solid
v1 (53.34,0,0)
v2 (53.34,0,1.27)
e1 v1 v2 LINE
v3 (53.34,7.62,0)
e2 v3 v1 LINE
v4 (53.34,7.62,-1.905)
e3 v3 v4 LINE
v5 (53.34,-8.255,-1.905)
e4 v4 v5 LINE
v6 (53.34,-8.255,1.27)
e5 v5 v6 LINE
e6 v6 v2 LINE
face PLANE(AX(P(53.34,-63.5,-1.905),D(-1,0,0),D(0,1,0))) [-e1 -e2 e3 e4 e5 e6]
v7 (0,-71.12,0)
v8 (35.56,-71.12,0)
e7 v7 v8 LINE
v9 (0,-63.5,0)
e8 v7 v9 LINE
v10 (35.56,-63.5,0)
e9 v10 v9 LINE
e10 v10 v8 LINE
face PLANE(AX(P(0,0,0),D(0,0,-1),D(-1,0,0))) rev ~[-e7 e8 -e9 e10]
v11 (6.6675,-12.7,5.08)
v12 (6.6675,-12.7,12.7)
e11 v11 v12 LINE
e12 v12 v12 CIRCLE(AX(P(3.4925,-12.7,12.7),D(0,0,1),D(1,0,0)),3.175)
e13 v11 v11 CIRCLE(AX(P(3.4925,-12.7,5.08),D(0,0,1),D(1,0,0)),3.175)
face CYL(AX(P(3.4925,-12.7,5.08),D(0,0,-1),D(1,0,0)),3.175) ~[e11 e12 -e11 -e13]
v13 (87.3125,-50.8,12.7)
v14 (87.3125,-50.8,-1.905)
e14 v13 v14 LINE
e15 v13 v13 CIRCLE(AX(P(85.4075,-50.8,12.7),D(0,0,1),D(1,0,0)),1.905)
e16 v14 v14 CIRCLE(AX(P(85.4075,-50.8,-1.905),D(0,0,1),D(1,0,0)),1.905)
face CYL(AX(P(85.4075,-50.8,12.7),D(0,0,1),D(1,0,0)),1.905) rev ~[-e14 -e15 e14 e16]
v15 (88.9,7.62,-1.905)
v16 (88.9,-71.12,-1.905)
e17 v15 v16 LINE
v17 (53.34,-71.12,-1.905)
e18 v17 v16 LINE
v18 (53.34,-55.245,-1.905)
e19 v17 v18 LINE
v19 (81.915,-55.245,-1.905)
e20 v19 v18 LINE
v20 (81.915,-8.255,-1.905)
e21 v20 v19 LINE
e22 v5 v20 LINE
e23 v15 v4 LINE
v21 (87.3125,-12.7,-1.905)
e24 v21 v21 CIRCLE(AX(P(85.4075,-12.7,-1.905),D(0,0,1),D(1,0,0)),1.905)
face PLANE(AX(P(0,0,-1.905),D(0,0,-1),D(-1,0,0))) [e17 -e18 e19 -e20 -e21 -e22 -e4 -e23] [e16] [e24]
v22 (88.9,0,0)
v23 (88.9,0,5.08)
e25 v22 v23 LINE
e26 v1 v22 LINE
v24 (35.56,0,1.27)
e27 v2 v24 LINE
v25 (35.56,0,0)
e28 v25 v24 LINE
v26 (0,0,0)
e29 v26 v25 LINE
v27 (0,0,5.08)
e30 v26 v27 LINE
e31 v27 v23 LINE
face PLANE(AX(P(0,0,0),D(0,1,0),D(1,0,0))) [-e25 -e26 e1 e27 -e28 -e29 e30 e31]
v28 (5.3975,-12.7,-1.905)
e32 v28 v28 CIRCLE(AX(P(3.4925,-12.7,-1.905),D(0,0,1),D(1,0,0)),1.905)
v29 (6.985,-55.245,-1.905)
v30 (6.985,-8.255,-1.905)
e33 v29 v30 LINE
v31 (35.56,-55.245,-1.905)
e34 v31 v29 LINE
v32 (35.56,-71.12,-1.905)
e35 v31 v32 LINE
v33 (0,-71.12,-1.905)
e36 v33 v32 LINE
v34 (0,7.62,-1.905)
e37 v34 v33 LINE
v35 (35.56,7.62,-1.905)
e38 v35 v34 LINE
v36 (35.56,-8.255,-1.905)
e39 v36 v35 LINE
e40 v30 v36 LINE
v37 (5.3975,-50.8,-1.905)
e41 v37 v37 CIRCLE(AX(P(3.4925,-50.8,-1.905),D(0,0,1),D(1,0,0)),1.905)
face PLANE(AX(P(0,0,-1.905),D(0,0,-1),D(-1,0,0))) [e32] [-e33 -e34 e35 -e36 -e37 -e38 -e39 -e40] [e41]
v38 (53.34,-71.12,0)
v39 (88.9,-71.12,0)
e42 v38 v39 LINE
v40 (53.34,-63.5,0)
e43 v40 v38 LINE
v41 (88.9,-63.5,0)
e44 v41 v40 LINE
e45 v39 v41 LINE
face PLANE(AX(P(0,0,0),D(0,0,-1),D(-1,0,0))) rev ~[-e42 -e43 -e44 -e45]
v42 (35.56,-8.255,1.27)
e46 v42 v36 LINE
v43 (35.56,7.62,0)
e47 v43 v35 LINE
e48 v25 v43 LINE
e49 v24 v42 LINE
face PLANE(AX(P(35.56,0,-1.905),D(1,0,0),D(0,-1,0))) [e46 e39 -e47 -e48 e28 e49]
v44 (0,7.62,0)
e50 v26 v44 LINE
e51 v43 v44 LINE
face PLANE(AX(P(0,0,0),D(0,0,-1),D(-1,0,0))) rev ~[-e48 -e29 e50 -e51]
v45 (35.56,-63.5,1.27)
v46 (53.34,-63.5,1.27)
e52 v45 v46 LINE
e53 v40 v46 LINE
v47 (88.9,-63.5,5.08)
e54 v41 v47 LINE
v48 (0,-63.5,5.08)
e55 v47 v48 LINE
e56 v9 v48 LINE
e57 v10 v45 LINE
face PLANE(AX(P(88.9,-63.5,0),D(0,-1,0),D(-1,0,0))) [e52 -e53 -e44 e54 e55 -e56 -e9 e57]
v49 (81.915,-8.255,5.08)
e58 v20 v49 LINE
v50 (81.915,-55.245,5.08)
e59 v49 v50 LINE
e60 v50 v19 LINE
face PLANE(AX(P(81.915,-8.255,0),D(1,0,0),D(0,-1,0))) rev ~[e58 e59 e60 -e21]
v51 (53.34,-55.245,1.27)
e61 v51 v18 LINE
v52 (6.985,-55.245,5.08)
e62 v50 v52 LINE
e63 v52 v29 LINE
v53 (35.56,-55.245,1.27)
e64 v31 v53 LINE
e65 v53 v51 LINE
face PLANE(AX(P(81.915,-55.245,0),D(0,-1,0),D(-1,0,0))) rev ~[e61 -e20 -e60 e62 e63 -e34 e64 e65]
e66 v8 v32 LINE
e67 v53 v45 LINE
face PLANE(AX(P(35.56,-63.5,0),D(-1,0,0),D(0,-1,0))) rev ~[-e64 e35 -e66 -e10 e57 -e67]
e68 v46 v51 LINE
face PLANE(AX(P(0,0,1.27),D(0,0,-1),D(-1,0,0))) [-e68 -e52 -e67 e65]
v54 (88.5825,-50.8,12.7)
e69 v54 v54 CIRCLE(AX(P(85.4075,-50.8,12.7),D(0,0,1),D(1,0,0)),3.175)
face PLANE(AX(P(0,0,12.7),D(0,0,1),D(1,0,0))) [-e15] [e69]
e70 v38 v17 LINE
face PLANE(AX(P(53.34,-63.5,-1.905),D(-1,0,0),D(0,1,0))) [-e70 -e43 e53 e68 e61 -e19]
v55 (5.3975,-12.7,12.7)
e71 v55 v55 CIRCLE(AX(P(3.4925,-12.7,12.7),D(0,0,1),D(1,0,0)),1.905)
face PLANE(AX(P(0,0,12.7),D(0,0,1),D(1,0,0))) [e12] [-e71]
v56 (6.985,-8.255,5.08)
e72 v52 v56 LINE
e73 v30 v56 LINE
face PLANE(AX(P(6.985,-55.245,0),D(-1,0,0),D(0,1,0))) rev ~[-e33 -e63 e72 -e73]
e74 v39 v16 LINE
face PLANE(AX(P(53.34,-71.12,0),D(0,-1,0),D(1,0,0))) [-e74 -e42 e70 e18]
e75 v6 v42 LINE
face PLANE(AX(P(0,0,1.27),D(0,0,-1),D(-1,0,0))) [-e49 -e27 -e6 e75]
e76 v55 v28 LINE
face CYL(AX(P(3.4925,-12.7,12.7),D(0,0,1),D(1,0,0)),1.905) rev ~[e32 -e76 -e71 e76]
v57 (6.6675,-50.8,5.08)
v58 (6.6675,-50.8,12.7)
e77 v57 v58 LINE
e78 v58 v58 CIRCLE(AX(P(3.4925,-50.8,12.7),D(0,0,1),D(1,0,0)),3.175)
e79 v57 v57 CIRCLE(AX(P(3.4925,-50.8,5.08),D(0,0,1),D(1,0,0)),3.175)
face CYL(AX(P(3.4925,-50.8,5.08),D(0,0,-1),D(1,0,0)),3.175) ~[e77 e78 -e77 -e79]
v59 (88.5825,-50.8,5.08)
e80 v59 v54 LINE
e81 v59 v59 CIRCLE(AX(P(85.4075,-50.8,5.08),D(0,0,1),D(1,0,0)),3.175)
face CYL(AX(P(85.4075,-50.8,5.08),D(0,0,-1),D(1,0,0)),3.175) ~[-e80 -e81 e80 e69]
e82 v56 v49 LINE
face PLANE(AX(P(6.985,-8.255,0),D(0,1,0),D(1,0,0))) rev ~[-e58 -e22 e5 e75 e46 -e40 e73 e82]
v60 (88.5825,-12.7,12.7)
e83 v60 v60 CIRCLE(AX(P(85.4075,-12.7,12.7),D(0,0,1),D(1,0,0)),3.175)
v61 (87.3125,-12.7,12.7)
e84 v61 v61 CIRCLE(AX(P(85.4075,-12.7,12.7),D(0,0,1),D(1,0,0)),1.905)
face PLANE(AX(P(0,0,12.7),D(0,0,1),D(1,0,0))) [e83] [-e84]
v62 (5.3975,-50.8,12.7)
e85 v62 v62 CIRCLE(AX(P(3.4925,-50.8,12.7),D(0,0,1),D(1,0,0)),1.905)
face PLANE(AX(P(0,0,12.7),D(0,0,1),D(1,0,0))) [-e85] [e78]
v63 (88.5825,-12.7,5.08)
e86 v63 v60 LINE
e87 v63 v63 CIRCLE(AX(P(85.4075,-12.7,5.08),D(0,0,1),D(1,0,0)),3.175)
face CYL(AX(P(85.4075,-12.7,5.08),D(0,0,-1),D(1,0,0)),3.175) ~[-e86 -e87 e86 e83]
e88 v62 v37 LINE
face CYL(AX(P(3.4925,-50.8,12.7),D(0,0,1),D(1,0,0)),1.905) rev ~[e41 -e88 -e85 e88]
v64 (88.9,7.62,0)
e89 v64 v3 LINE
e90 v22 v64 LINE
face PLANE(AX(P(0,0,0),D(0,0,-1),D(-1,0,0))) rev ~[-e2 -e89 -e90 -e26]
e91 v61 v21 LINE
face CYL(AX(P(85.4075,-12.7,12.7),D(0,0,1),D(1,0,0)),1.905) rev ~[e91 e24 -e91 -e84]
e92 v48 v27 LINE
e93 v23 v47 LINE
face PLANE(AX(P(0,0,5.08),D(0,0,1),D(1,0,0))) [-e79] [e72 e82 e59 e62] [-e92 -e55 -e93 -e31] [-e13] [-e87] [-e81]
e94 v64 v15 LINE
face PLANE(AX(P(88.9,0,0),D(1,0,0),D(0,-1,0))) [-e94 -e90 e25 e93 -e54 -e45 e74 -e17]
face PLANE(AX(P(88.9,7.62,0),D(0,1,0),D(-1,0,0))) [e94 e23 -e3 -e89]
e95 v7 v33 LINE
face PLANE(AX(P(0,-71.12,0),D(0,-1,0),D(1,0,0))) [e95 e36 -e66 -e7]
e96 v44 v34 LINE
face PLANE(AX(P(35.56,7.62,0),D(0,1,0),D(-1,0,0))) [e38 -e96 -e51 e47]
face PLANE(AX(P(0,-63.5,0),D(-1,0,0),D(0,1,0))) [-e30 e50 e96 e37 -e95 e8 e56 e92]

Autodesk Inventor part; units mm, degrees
ref_plane "YZ Plane" through (0, 0, 0) normal (1, 0, 0) x (0, 1, 0)
ref_plane "XZ Plane" through (0, 0, 0) normal (0, 1, 0) x (-1, 0, 0)
ref_plane "XY Plane" through (0, 0, 0) normal (0, 0, 1) x (1, 0, 0)
sketch "Sketch1" plane through (0, 0, 0) normal (0, 0, 1) x (1, 0, 0)
  line L0 (0, 0) -> (88.9, 0)
  line L1 (88.9, 0) -> (88.9, -63.5)
  line L2 (88.9, -63.5) -> (0, -63.5)
  line L3 (0, -63.5) -> (0, 0)
  line L4 (6.985, -8.255) -> (81.915, -8.255)
  line L5 (81.915, -8.255) -> (81.915, -55.245)
  line L6 (81.915, -55.245) -> (6.985, -55.245)
  line L7 (6.985, -55.245) -> (6.985, -8.255)
  dimension "d0" = 88.9
  dimension "d1" = 63.5
  dimension "d2" = 8.255
  dimension "d3" = 8.255
  dimension "d4" = 6.985
  dimension "d5" = 6.985
extrude "Extrusion1" add sketch "Sketch1" along normal blind 5.08
sketch "Sketch2" plane through (0, 0, 5.08) normal (0, 0, 1) x (1, 0, 0)
  circle A0 centre (3.4925, -12.7) radius 3.175
  circle A1 centre (3.4925, -50.8) radius 3.175
  circle A2 centre (85.4075, -50.8) radius 3.175
  circle A3 centre (85.4075, -12.7) radius 3.175
  line L0 (88.9, 0) -> (0, 0) projected
  line L1 (0, -63.5) -> (88.9, -63.5) projected
  line L2 (0, 0) -> (0, -63.5) projected
  line L3 (81.915, -8.255) -> (81.915, -55.245) projected
  circle A4 centre (85.4075, -50.8) radius 1.905
  circle A5 centre (85.4075, -12.7) radius 1.905
  circle A6 centre (3.4925, -50.8) radius 1.905
  circle A7 centre (3.4925, -12.7) radius 1.905
  dimension "d8" = 6.35
  dimension "d9" = 6.35
  dimension "d10" = 6.35
  dimension "d11" = 6.35
  dimension "d12" = 12.7
  dimension "d13" = 12.7
  dimension "d14" = 12.7
  dimension "d15" = 12.7
  dimension "d16" = 3.4925
  dimension "d17" = 3.4925
  dimension "d18" = 3.81
extrude "Extrusion2" add sketch "Sketch2" along normal blind 7.62
sketch "Sketch3" plane through (0, 0, 0) normal (0, 0, -1) x (-1, 0, 0)
  line L0 (0, 7.62) -> (0, -71.12)
  line L1 (-88.9, -71.12) -> (-88.9, 7.62)
  line L2 (0, 0) -> (-88.9, 0) projected
  line L3 (-88.9, -63.5) -> (0, -63.5) projected
  line L4 (-88.9, 0) -> (-88.9, -63.5) projected
  line L5 (0, -63.5) -> (0, 0) projected
  line L6 (-35.56, 0) -> (-35.56, 7.62)
  line L7 (-53.34, 7.62) -> (-53.34, 0)
  line L8 (0, -63.5) -> (-88.9, -63.5) projected
  line L9 (-53.34, -63.5) -> (-53.34, -71.12)
  line L10 (-35.56, -63.5) -> (-35.56, -71.12)
  line L11 (-88.9, 7.62) -> (-53.34, 7.62)
  line L12 (-35.56, 7.62) -> (0, 7.62)
  line L13 (0, -71.12) -> (-35.56, -71.12)
  line L14 (-53.34, -71.12) -> (-88.9, -71.12)
  point P0 (-88.9, -31.75)
  point P1 (0, -31.75)
  dimension "d23" = 35.56
  dimension "d24" = 35.56
extrude "Extrusion3" add sketch "Sketch3" along normal blind 1.905
sketch "Sketch4" plane through (0, 0, 0) normal (0, 0, 1) x (1, 0, 0)
  line L0 (6.985, -8.255) -> (81.915, -8.255)
  line L1 (81.915, -8.255) -> (81.915, -55.245)
  line L2 (81.915, -55.245) -> (6.985, -55.245)
  line L3 (6.985, -55.245) -> (6.985, -8.255)
  point P0 (0, 0)
extrude "Extrusion4" cut sketch "Sketch4" against normal blind 1.905
sketch "Sketch5" plane through (0, 0, -1.905) normal (0, 0, -1) x (-1, 0, 0)
  line L0 (0, -63.5) -> (-88.9, -63.5) projected
  line L1 (-53.34, 0) -> (-35.56, 0)
  line L2 (-35.56, 0) -> (-35.56, -63.5)
  line L3 (-35.56, -63.5) -> (-53.34, -63.5)
  line L4 (-53.34, -63.5) -> (-53.34, 0)
  point P0 (0, 0)
  dimension "d29" = 17.78
extrude "Extrusion5" cut sketch "Sketch5" against normal blind 3.175
sketch "Sketch6" plane through (85.4075, -12.7, 12.7) normal (0, 0, 1) x (1, 0, 0)
  circle A0 centre (0, 0) radius 1.905
  circle A1 centre (-81.915, 0) radius 1.905 projected
  circle A2 centre (-81.915, 0) radius 1.905
  circle A3 centre (0, -38.1) radius 1.905 projected
  circle A4 centre (0, -38.1) radius 1.905
  circle A5 centre (-81.915, -38.1) radius 1.905 projected
  circle A6 centre (-81.915, -38.1) radius 1.905
  point P0 (-85.4075, 12.7)
extrude "Extrusion6" cut sketch "Sketch6" against normal blind 25.4
properties part number "Heatsink al base" material "Aluminum 6061"
